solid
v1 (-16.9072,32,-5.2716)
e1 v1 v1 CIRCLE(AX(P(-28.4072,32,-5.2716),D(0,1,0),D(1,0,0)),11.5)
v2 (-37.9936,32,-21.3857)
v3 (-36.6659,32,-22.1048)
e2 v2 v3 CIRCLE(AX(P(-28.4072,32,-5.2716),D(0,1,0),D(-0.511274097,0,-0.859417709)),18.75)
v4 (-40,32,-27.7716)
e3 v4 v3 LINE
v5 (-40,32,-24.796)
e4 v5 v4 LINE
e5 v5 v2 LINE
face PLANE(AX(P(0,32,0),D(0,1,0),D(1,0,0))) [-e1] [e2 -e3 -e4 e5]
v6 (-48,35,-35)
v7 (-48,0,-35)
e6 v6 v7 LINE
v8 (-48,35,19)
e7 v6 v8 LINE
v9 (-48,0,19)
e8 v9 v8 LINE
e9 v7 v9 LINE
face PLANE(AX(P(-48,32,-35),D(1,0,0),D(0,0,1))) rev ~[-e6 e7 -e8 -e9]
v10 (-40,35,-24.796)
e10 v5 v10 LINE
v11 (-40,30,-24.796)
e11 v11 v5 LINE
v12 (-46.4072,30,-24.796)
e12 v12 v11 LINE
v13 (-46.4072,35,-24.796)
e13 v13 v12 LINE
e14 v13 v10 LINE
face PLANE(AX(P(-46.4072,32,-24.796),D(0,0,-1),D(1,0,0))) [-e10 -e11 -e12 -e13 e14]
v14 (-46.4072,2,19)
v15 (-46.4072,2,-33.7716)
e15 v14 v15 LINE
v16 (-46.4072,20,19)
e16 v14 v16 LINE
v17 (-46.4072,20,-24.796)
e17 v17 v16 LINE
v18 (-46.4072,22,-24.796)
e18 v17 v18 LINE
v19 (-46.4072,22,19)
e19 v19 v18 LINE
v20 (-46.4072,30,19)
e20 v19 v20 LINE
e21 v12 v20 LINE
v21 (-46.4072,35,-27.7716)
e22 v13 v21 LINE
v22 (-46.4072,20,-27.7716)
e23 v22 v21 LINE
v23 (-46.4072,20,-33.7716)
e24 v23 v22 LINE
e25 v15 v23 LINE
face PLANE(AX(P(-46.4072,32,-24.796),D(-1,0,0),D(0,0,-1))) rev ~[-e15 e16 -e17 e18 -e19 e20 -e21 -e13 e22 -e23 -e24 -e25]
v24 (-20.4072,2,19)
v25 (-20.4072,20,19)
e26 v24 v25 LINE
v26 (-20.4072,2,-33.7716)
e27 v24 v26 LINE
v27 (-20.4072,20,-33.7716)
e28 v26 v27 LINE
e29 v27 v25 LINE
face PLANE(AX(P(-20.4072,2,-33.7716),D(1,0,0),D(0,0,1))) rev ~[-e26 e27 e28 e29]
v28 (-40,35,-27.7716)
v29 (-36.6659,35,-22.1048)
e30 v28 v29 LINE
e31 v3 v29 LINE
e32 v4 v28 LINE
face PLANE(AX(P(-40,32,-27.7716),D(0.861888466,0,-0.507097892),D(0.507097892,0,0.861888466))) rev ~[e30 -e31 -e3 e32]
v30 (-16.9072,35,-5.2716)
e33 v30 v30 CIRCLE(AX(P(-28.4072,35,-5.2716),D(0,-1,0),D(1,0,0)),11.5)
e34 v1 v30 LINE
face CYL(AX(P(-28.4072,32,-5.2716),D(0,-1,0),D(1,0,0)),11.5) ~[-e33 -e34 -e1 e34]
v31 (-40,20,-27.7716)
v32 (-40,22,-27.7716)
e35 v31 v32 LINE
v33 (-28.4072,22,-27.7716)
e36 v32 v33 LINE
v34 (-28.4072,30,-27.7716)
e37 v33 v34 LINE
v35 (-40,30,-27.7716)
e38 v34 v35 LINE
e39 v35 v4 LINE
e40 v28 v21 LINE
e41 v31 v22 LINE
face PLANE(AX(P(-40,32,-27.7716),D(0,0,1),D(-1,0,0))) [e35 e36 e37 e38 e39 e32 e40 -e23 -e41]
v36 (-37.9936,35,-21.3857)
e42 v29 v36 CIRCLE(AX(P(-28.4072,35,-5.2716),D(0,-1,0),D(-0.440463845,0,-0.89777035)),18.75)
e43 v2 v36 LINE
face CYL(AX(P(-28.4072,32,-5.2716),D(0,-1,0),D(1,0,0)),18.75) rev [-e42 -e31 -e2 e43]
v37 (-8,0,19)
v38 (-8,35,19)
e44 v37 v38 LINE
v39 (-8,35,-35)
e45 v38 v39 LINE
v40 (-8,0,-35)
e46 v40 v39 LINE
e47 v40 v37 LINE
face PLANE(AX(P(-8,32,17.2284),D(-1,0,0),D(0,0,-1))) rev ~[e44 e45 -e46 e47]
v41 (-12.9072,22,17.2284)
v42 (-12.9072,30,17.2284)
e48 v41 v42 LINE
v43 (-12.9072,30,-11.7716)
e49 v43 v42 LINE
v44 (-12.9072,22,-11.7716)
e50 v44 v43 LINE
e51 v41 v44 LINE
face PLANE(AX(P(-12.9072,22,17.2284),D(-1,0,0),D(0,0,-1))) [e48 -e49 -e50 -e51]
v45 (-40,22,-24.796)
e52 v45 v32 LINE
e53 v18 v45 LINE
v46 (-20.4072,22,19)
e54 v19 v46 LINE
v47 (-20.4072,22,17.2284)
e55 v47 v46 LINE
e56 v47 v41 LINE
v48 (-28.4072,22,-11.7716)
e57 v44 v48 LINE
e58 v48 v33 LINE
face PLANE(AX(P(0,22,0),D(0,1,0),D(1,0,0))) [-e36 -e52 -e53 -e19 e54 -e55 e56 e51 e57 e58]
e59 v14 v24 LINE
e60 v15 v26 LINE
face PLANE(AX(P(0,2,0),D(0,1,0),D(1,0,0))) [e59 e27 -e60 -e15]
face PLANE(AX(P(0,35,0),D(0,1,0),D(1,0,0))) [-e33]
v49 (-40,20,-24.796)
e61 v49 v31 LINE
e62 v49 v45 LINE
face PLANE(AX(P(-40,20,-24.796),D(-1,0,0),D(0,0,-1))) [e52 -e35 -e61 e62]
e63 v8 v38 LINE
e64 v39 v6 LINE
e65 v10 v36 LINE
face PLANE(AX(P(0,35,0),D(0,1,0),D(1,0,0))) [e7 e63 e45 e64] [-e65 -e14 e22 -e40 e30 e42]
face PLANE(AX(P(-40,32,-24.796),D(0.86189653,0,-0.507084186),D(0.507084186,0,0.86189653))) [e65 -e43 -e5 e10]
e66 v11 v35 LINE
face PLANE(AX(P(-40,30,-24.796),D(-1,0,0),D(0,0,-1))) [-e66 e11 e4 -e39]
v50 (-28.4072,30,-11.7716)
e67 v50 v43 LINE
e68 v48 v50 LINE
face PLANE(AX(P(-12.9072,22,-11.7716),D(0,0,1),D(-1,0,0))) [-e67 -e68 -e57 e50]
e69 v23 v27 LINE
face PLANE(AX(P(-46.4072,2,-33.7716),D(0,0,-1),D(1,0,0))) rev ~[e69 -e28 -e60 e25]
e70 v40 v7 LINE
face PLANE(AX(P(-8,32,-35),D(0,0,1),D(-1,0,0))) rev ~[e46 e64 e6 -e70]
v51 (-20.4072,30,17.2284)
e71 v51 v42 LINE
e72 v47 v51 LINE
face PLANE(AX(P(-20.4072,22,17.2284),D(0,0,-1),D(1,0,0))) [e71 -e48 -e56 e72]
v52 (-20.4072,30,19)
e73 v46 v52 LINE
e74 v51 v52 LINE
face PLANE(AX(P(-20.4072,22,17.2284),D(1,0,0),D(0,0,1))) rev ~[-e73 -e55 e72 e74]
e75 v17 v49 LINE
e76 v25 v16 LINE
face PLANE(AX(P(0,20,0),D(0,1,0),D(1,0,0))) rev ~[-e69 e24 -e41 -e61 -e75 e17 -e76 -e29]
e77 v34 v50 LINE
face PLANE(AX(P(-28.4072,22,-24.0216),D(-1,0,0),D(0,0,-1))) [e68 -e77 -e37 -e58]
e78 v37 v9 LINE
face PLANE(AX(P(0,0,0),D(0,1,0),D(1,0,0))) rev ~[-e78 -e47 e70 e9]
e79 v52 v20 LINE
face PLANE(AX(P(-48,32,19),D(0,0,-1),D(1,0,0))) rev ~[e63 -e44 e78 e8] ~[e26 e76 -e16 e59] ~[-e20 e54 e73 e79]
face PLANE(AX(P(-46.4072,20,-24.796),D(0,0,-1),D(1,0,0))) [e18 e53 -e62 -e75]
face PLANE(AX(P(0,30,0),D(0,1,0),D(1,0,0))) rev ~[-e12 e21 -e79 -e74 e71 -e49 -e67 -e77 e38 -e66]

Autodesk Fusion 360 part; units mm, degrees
sketch "Sketch1" plane through (0, 0, 0) normal (0, 1, 0) x (1, 0, 0)
  line L0 (-46.4072, 33.7716) -> (-20.4072, 33.7716)
  line L1 (-20.4072, 33.7716) -> (-20.4072, -17.2284)
  line L2 (-20.4072, -17.2284) -> (-46.4072, -17.2284)
  line L3 (-46.4072, -17.2284) -> (-46.4072, 33.7716)
  line L4 (-46.4072, -17.2284) -> (-28.4072, -17.2284)
  line L5 (-28.4072, -17.2284) -> (-28.4072, 27.7716)
  line L6 (-28.4072, 27.7716) -> (-46.4072, 27.7716)
  line L7 (-46.4072, 27.7716) -> (-46.4072, -17.2284)
  line L8 (-28.4072, -17.2284) -> (-12.9072, -17.2284)
  line L9 (-12.9072, -17.2284) -> (-12.9072, 11.7716)
  line L10 (-12.9072, 11.7716) -> (-28.4072, 11.7716)
  line L11 (-28.4072, 11.7716) -> (-28.4072, -17.2284)
  circle A0 centre (-28.4072, 5.2716) radius 18.75
  circle A1 centre (-28.4072, 5.2716) radius 11.5
  line L12 (-48, 35) -> (-48, -19)
  line L13 (-48, -19) -> (-8, -19)
  line L14 (-8, -19) -> (-8, 35)
  line L15 (-8, 35) -> (-48, 35)
  line L16 (-12.9072, -17.2284) -> (-8, -17.2284)
  line L17 (-46.4072, -17.2284) -> (-48, -17.2284)
  line L18 (-46.4072, -17.2284) -> (-46.4072, -19)
  line L19 (-20.4072, -17.2284) -> (-20.4072, -19)
  line L20 (-46.4072, 24.796) -> (-40, 24.796)
  line L21 (-40, 24.796) -> (-40, 27.7716)
  line L22 (-40, 24.796) -> (-37.9936, 21.3857)
  line L23 (-40, 27.7716) -> (-36.6659, 22.1048)
  dimension "d1" = 26
  dimension "d2" = 51
  dimension "d3" = 45
  dimension "d4" = 18
  dimension "d5" = 15.5
  dimension "d6" = 29
  dimension "d7" = 37.5
  dimension "d8" = 23
extrude "Extrude1" add sketch "Sketch1" along normal blind 2 makes body 1
extrude "Extrude2" add sketch "Sketch1" along normal blind 18 separate body contours L0 L1 L3 L7 L9 A0 L12 L14 L15 L16 L17 | L1 L9 L10 A0 A1 | L1 L10 A1 | L3 L7 A0 | L1 L10 A1 | L1 L9 L10 A0 A1 | L1 L8 L9 A0 | L8 L13 L14 L16 L19 | L12 L13 L17 L18 makes body 2
extrude "Extrude3" add sketch "Sketch1" along normal blind 2 separate body contours L0 L1 L3 L7 L9 A0 L12 L14 L15 L16 L17 | L0 L1 L3 L5 L6 A0 | L1 L9 L10 A0 A1 | L1 L5 A0 A1 | L3 L7 A0 L20 L22 | A0 L21 L22 L23 | L5 L6 A0 L23 | L1 L10 A1 | L1 L5 L10 A1 | L3 L5 L7 L11 A0 A1 | L3 L7 A0 | L1 L10 A1 | L1 L5 L10 L11 A1 | L1 L9 L10 A0 A1 | L5 L11 A1 | L1 L8 L9 A0 | L2 L3 L4 L5 L7 L11 A0 | L1 L5 L11 A0 A1 | L8 L13 L14 L16 L19 | L1 L2 L5 L8 L11 A0 | L12 L13 L17 L18 | L2 L4 L8 L13 L18 L19 makes body 3
extrude "Extrude4" add sketch "Sketch1" along normal blind 8 separate body contours L0 L1 L3 L7 L9 A0 L12 L14 L15 L16 L17 | L0 L1 L3 L5 L6 A0 | L1 L9 L10 A0 A1 | L1 L5 A0 A1 | L1 L10 A1 | L1 L5 L10 A1 | L3 L7 A0 | L8 L13 L14 L16 L19 | L12 L13 L17 L18 picked at (-14.7995, 12.9513) picked at (-19.8853, 12.3809) makes body 4
extrude "Extrude5" add sketch "Sketch1" along normal blind 2 separate body contours L0 L1 L3 L7 L9 A0 L12 L14 L15 L16 L17 | L0 L1 L3 L5 L6 A0 | L1 L9 L10 A0 A1 | L1 L5 A0 A1 | L3 L7 A0 L20 L22 | A0 L21 L22 L23 | L5 L6 A0 L23 | L1 L10 A1 | L1 L5 L10 A1 | L3 L5 L7 L11 A0 A1 | L3 L7 A0 | L1 L10 A1 | L1 L5 L10 L11 A1 | L1 L9 L10 A0 A1 | L5 L11 A1 | L1 L8 L9 A0 | L2 L3 L4 L5 L7 L11 A0 | L1 L5 L11 A0 A1 | L8 L13 L14 L16 L19 | L1 L2 L5 L8 L11 A0 | L12 L13 L17 L18 | L2 L4 L8 L13 L18 L19 makes body 5
extrude "Extrude6" add sketch "Sketch1" along normal blind 3 separate body contours L0 L1 L3 L7 L9 A0 L12 L14 L15 L16 L17 | L0 L1 L3 L5 L6 A0 | L3 L7 A0 L20 L22 | L5 L6 A0 L23 | L1 L10 A1 | L1 L5 L10 A1 | L1 L10 A1 | L1 L5 L10 L11 A1 | L5 L11 A1 | L1 L8 L9 A0 | L2 L3 L4 L5 L7 L11 A0 | L8 L13 L14 L16 L19 | L1 L2 L5 L8 L11 A0 | L12 L13 L17 L18 | L2 L4 L8 L13 L18 L19 makes body 6 at (-32, 3, -32.5905) makes body 7 at (-31.134, 0, -9.3605)
move_body "Move1" bodies 2 to x (1, 0, 0) y (0, 1, 0) z (0, 0, 1) at (0, 2, 0)
move_body "Move2" bodies 3 to x (1, 0, 0) y (0, 1, 0) z (0, 0, 1) at (0, 20, 0)
move_body "Move3" bodies 4 to x (1, 0, 0) y (0, 1, 0) z (0, 0, 1) at (0, 22, 0)
move_body "Move4" bodies 5 to x (1, 0, 0) y (0, 1, 0) z (0, 0, 1) at (0, 30, 0)
move_body "Move5" bodies 6 to x (1, 0, 0) y (0, 1, 0) z (0, 0, 1) at (0, 32, 0)
move_body "Move6" bodies 7 to x (1, 0, 0) y (0, 1, 0) z (0, 0, 1) at (0, 32, 0)
combine "Combine1" operation add target body 1 tool bodies 7 6 2 4 3 5
